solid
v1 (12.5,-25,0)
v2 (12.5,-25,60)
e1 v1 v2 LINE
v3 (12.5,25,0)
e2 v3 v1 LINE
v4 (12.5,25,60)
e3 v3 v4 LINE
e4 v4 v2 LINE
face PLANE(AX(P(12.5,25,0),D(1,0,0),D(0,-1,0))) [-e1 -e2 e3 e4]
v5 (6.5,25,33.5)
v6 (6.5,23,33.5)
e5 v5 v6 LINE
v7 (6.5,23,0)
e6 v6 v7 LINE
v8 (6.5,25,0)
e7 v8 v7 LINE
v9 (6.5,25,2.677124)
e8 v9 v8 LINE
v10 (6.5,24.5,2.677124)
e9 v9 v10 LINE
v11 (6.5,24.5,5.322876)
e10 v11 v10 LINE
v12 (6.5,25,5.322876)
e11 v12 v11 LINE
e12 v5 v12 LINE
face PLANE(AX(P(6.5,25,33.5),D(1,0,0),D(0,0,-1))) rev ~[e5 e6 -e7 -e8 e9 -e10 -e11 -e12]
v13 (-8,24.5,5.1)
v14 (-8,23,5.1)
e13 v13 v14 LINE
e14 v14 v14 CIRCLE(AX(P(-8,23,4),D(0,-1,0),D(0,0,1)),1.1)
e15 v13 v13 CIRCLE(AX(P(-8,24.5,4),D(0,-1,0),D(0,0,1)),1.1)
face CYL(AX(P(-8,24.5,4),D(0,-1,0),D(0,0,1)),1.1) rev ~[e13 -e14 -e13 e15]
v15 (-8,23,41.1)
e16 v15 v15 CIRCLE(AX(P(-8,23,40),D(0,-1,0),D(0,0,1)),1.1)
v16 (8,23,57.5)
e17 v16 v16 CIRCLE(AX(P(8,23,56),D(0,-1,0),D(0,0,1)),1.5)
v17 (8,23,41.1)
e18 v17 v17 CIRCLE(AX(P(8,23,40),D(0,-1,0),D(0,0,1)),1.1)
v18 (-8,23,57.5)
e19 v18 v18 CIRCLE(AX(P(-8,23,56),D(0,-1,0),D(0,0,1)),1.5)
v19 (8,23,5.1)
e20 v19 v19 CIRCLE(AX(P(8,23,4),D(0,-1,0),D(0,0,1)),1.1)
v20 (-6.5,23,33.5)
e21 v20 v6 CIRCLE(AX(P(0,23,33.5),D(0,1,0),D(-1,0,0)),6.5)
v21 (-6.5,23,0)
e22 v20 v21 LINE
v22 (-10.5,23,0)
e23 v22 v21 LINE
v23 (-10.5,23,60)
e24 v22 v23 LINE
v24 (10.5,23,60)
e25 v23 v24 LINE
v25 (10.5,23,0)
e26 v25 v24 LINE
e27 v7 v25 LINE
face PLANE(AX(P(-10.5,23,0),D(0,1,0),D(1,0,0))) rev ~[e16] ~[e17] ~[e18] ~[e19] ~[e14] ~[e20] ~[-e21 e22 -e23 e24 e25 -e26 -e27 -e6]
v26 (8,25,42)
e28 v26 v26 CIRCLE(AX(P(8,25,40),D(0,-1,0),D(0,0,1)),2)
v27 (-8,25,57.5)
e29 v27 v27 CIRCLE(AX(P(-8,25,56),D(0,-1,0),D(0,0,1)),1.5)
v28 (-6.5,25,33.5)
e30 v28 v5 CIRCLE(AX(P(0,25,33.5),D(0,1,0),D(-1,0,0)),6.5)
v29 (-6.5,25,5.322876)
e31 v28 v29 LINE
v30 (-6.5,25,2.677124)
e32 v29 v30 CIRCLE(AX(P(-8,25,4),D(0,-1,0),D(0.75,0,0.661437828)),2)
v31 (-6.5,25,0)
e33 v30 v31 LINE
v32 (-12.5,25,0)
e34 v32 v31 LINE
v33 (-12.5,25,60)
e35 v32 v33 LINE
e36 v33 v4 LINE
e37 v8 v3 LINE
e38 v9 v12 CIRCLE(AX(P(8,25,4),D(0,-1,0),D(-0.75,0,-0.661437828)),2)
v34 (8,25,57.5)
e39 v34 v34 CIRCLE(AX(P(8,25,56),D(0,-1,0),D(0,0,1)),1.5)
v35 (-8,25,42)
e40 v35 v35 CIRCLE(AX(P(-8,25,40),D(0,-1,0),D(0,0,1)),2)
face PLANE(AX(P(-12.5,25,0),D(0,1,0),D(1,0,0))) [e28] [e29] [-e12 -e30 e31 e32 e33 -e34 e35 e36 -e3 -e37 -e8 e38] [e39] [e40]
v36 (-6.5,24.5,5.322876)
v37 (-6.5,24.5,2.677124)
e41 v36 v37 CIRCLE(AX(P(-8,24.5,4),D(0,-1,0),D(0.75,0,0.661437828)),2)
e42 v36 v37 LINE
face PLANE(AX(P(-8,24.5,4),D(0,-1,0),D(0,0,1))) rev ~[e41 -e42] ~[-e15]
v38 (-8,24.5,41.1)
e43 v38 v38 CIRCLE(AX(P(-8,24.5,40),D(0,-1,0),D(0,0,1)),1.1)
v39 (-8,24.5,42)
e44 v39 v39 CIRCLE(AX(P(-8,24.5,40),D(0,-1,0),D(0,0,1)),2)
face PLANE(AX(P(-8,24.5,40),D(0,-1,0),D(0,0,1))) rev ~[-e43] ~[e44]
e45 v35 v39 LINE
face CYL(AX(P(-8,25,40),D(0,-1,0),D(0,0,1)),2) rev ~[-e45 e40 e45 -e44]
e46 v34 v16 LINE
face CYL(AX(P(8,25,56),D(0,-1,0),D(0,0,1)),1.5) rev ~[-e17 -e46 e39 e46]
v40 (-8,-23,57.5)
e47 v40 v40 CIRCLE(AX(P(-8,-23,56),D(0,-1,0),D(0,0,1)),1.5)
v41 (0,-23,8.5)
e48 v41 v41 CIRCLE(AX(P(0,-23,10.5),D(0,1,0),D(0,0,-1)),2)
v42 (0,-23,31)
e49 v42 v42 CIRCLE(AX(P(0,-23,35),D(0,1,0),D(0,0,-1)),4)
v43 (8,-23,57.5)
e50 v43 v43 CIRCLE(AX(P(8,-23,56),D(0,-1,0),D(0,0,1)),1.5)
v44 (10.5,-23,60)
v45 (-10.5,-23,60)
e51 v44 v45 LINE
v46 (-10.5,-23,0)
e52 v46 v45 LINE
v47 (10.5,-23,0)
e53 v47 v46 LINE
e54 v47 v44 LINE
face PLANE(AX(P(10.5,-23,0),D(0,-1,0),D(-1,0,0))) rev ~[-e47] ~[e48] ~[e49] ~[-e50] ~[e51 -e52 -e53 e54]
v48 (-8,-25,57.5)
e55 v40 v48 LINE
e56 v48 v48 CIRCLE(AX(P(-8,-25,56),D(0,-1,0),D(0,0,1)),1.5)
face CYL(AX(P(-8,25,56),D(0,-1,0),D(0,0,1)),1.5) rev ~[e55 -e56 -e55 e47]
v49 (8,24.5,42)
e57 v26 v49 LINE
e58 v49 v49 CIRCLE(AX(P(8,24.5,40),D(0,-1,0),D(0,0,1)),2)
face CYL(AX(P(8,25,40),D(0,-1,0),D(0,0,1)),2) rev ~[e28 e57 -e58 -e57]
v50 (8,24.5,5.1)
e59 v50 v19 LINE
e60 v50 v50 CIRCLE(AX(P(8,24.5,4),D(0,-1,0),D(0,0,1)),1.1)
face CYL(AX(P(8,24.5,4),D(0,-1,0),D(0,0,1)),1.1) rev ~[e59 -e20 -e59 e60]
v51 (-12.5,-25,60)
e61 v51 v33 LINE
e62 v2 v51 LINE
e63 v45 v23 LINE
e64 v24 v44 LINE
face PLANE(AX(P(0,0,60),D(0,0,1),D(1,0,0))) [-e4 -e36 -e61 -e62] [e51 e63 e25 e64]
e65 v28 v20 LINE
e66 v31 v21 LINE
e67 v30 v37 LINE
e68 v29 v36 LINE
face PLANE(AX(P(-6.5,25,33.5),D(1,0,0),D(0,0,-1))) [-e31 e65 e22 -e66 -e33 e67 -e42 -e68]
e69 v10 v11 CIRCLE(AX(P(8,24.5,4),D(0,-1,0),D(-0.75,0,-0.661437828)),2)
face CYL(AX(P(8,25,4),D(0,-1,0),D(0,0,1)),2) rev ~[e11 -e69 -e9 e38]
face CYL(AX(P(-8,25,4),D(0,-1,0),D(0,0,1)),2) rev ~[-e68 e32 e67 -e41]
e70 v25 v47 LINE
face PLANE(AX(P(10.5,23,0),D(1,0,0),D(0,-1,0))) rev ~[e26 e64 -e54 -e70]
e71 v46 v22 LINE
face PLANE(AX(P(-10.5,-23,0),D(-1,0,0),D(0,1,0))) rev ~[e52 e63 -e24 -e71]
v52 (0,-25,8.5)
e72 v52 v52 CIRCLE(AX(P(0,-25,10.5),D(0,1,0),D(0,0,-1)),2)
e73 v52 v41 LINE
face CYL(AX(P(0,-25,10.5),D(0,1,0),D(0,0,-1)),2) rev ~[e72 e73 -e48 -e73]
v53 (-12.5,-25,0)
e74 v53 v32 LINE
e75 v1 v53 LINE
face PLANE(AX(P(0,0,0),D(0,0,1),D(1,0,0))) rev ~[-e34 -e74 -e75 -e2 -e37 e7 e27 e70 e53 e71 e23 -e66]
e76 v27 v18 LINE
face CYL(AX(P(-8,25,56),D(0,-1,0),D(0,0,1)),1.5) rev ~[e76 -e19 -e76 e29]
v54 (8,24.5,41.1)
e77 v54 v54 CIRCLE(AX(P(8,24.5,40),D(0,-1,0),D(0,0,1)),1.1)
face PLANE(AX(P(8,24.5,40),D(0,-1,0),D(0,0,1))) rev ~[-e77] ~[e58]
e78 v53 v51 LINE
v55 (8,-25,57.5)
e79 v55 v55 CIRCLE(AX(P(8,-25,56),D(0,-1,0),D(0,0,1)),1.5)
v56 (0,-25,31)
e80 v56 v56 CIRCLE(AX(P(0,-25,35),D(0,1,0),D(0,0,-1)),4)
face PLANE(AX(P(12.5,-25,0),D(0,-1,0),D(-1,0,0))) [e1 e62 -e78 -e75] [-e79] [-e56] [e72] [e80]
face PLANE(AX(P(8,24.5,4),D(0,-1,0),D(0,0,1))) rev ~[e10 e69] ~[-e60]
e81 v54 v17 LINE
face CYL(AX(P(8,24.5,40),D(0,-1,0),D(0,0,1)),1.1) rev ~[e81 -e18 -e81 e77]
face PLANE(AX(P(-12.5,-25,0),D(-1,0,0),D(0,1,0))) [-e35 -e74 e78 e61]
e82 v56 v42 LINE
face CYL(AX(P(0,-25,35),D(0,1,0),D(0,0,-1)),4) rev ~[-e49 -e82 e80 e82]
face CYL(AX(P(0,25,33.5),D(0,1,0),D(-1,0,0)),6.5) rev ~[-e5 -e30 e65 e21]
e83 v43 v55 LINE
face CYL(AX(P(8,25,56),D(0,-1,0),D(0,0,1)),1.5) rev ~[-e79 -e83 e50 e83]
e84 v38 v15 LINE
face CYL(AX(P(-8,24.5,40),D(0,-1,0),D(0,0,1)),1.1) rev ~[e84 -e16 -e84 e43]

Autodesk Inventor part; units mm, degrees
ref_plane "YZ Plane" through (0, 0, 0) normal (1, 0, 0) x (0, 1, 0)
ref_plane "XZ Plane" through (0, 0, 0) normal (0, 1, 0) x (-1, 0, 0)
ref_plane "XY Plane" through (0, 0, 0) normal (0, 0, 1) x (1, 0, 0)
sketch "スケッチ1" plane through (0, 0, 0) normal (0, 0, 1) x (1, 0, 0)
  line L0 (-12.5, 25) -> (12.5, 25)
  line L1 (12.5, 25) -> (12.5, -25)
  line L2 (12.5, -25) -> (-12.5, -25)
  line L3 (-12.5, -25) -> (-12.5, 25)
  line L4 (-10.5, 23) -> (10.5, 23)
  line L5 (10.5, 23) -> (10.5, -23)
  line L6 (10.5, -23) -> (-10.5, -23)
  line L7 (-10.5, -23) -> (-10.5, 23)
  point P0 (0, 0)
  dimension "d0" = 25
  dimension "d1" = 50
  dimension "d2" = 46
  dimension "d3" = 21
  dimension "d4" = 25
  dimension "d5" = 23
  dimension "d6" = 10.5
  dimension "d7" = 12.5
extrude "押し出し1" add sketch "スケッチ1" along normal blind 60
sketch "スケッチ2" plane through (-12.5, 25, 0) normal (0, 1, 0) x (1, 0, 0)
  line L0 (0, 0) -> (25, 0) projected
  line L1 (0, 0) -> (0, -60) projected
  arc A0 (6, -33.5) -> (19, -33.5) centre (12.5, -33.5) ccw
  line L2 (6, -33.5) -> (6, 0)
  line L3 (19, -33.5) -> (19, 0)
  point P0 (12.5, 0)
  dimension "d10" = 13
  dimension "d11" = 33.5
  dimension "d12" = 12.5
extrude "押し出し2" cut sketch "スケッチ2" against normal blind 2
sketch "スケッチ3" plane through (-12.5, 25, 60) normal (0, 1, 0) x (1, 0, 0)
  arc A0 (6, 26.5) -> (19, 26.5) centre (12.5, 26.5) ccw projected
  circle A1 centre (4.5, 20) radius 1.1
  circle A2 centre (4.5, 56) radius 1.1
  circle A3 centre (20.5, 56) radius 1.1
  circle A4 centre (20.5, 20) radius 1.1
  point P0 (12.5, 60)
  dimension "d15" = 6.5
  dimension "d16" = 6.5
  dimension "d17" = 2.2
  dimension "d18" = 8
  dimension "d19" = 8
  dimension "d20" = 8
  dimension "d21" = 8
  dimension "d22" = 29.5
  dimension "d23" = 29.5
hole "穴1" at (-8, 25, 4) at (8, 25, 4) at (8, 25, 40) at (-8, 25, 40) direction (0, -1, 0) diameter 2.2 depth 2 tip angle 118 counterbore diameter 4 counterbore depth 0.5
sketch "スケッチ4" plane through (-12.5, -25, 0) normal (0, -1, 0) x (1, 0, 0)
  line L0 (25, 0) -> (0, 0) projected
  line L1 (25, 0) -> (25, 60) projected
  circle A0 centre (12.5, 10.5) radius 2
  point P0 (12.5, 0)
  dimension "d31" = 4
  dimension "d32" = 12.5
  dimension "d33" = 10.5
hole "穴2" at (0, -25, 10.5) direction (0, 1, 0) diameter 4 end through all
sketch "スケッチ5" plane through (-12.5, 25, 60) normal (0, 1, 0) x (1, 0, 0)
  line L0 (0, 0) -> (25, 0) projected
  arc A0 (6, 26.5) -> (19, 26.5) centre (12.5, 26.5) ccw projected
  circle A1 centre (20.5, 4) radius 1.5
  circle A2 centre (4.5, 4) radius 1.5
  point P0 (12.5, 60)
  dimension "d43" = 4
  dimension "d44" = 4
  dimension "d46" = 8
  dimension "d47" = 8
  dimension "d57" = 3
hole "穴4" at (-8, 25, 56) at (8, 25, 56) direction (0, -1, 0) diameter 3 end through all
thread "ねじ1" size "M3x0.5" class "6H" standard "ANSI Metric M Profile" full length
thread "ねじ2" size "M3x0.5" class "6H" standard "ANSI Metric M Profile" full length
thread "ねじ3" size "M3x0.5" class "6H" standard "ANSI Metric M Profile" full length
thread "ねじ4" size "M3x0.5" class "6H" standard "ANSI Metric M Profile" full length
sketch "スケッチ7" plane through (-12.5, -25, 0) normal (0, -1, 0) x (1, 0, 0)
  line L0 (25, 60) -> (0, 60) projected
  line L1 (25, 0) -> (25, 60) projected
  circle A0 centre (12.5, 35) radius 4
  point P0 (12.5, 0)
  dimension "d78" = 25
  dimension "d79" = 8
  dimension "d80" = 12.5
hole "穴5" at (0, -25, 35) direction (0, 1, 0) diameter 8 end through all
properties part number "07" material "アルミニウム 6061"
